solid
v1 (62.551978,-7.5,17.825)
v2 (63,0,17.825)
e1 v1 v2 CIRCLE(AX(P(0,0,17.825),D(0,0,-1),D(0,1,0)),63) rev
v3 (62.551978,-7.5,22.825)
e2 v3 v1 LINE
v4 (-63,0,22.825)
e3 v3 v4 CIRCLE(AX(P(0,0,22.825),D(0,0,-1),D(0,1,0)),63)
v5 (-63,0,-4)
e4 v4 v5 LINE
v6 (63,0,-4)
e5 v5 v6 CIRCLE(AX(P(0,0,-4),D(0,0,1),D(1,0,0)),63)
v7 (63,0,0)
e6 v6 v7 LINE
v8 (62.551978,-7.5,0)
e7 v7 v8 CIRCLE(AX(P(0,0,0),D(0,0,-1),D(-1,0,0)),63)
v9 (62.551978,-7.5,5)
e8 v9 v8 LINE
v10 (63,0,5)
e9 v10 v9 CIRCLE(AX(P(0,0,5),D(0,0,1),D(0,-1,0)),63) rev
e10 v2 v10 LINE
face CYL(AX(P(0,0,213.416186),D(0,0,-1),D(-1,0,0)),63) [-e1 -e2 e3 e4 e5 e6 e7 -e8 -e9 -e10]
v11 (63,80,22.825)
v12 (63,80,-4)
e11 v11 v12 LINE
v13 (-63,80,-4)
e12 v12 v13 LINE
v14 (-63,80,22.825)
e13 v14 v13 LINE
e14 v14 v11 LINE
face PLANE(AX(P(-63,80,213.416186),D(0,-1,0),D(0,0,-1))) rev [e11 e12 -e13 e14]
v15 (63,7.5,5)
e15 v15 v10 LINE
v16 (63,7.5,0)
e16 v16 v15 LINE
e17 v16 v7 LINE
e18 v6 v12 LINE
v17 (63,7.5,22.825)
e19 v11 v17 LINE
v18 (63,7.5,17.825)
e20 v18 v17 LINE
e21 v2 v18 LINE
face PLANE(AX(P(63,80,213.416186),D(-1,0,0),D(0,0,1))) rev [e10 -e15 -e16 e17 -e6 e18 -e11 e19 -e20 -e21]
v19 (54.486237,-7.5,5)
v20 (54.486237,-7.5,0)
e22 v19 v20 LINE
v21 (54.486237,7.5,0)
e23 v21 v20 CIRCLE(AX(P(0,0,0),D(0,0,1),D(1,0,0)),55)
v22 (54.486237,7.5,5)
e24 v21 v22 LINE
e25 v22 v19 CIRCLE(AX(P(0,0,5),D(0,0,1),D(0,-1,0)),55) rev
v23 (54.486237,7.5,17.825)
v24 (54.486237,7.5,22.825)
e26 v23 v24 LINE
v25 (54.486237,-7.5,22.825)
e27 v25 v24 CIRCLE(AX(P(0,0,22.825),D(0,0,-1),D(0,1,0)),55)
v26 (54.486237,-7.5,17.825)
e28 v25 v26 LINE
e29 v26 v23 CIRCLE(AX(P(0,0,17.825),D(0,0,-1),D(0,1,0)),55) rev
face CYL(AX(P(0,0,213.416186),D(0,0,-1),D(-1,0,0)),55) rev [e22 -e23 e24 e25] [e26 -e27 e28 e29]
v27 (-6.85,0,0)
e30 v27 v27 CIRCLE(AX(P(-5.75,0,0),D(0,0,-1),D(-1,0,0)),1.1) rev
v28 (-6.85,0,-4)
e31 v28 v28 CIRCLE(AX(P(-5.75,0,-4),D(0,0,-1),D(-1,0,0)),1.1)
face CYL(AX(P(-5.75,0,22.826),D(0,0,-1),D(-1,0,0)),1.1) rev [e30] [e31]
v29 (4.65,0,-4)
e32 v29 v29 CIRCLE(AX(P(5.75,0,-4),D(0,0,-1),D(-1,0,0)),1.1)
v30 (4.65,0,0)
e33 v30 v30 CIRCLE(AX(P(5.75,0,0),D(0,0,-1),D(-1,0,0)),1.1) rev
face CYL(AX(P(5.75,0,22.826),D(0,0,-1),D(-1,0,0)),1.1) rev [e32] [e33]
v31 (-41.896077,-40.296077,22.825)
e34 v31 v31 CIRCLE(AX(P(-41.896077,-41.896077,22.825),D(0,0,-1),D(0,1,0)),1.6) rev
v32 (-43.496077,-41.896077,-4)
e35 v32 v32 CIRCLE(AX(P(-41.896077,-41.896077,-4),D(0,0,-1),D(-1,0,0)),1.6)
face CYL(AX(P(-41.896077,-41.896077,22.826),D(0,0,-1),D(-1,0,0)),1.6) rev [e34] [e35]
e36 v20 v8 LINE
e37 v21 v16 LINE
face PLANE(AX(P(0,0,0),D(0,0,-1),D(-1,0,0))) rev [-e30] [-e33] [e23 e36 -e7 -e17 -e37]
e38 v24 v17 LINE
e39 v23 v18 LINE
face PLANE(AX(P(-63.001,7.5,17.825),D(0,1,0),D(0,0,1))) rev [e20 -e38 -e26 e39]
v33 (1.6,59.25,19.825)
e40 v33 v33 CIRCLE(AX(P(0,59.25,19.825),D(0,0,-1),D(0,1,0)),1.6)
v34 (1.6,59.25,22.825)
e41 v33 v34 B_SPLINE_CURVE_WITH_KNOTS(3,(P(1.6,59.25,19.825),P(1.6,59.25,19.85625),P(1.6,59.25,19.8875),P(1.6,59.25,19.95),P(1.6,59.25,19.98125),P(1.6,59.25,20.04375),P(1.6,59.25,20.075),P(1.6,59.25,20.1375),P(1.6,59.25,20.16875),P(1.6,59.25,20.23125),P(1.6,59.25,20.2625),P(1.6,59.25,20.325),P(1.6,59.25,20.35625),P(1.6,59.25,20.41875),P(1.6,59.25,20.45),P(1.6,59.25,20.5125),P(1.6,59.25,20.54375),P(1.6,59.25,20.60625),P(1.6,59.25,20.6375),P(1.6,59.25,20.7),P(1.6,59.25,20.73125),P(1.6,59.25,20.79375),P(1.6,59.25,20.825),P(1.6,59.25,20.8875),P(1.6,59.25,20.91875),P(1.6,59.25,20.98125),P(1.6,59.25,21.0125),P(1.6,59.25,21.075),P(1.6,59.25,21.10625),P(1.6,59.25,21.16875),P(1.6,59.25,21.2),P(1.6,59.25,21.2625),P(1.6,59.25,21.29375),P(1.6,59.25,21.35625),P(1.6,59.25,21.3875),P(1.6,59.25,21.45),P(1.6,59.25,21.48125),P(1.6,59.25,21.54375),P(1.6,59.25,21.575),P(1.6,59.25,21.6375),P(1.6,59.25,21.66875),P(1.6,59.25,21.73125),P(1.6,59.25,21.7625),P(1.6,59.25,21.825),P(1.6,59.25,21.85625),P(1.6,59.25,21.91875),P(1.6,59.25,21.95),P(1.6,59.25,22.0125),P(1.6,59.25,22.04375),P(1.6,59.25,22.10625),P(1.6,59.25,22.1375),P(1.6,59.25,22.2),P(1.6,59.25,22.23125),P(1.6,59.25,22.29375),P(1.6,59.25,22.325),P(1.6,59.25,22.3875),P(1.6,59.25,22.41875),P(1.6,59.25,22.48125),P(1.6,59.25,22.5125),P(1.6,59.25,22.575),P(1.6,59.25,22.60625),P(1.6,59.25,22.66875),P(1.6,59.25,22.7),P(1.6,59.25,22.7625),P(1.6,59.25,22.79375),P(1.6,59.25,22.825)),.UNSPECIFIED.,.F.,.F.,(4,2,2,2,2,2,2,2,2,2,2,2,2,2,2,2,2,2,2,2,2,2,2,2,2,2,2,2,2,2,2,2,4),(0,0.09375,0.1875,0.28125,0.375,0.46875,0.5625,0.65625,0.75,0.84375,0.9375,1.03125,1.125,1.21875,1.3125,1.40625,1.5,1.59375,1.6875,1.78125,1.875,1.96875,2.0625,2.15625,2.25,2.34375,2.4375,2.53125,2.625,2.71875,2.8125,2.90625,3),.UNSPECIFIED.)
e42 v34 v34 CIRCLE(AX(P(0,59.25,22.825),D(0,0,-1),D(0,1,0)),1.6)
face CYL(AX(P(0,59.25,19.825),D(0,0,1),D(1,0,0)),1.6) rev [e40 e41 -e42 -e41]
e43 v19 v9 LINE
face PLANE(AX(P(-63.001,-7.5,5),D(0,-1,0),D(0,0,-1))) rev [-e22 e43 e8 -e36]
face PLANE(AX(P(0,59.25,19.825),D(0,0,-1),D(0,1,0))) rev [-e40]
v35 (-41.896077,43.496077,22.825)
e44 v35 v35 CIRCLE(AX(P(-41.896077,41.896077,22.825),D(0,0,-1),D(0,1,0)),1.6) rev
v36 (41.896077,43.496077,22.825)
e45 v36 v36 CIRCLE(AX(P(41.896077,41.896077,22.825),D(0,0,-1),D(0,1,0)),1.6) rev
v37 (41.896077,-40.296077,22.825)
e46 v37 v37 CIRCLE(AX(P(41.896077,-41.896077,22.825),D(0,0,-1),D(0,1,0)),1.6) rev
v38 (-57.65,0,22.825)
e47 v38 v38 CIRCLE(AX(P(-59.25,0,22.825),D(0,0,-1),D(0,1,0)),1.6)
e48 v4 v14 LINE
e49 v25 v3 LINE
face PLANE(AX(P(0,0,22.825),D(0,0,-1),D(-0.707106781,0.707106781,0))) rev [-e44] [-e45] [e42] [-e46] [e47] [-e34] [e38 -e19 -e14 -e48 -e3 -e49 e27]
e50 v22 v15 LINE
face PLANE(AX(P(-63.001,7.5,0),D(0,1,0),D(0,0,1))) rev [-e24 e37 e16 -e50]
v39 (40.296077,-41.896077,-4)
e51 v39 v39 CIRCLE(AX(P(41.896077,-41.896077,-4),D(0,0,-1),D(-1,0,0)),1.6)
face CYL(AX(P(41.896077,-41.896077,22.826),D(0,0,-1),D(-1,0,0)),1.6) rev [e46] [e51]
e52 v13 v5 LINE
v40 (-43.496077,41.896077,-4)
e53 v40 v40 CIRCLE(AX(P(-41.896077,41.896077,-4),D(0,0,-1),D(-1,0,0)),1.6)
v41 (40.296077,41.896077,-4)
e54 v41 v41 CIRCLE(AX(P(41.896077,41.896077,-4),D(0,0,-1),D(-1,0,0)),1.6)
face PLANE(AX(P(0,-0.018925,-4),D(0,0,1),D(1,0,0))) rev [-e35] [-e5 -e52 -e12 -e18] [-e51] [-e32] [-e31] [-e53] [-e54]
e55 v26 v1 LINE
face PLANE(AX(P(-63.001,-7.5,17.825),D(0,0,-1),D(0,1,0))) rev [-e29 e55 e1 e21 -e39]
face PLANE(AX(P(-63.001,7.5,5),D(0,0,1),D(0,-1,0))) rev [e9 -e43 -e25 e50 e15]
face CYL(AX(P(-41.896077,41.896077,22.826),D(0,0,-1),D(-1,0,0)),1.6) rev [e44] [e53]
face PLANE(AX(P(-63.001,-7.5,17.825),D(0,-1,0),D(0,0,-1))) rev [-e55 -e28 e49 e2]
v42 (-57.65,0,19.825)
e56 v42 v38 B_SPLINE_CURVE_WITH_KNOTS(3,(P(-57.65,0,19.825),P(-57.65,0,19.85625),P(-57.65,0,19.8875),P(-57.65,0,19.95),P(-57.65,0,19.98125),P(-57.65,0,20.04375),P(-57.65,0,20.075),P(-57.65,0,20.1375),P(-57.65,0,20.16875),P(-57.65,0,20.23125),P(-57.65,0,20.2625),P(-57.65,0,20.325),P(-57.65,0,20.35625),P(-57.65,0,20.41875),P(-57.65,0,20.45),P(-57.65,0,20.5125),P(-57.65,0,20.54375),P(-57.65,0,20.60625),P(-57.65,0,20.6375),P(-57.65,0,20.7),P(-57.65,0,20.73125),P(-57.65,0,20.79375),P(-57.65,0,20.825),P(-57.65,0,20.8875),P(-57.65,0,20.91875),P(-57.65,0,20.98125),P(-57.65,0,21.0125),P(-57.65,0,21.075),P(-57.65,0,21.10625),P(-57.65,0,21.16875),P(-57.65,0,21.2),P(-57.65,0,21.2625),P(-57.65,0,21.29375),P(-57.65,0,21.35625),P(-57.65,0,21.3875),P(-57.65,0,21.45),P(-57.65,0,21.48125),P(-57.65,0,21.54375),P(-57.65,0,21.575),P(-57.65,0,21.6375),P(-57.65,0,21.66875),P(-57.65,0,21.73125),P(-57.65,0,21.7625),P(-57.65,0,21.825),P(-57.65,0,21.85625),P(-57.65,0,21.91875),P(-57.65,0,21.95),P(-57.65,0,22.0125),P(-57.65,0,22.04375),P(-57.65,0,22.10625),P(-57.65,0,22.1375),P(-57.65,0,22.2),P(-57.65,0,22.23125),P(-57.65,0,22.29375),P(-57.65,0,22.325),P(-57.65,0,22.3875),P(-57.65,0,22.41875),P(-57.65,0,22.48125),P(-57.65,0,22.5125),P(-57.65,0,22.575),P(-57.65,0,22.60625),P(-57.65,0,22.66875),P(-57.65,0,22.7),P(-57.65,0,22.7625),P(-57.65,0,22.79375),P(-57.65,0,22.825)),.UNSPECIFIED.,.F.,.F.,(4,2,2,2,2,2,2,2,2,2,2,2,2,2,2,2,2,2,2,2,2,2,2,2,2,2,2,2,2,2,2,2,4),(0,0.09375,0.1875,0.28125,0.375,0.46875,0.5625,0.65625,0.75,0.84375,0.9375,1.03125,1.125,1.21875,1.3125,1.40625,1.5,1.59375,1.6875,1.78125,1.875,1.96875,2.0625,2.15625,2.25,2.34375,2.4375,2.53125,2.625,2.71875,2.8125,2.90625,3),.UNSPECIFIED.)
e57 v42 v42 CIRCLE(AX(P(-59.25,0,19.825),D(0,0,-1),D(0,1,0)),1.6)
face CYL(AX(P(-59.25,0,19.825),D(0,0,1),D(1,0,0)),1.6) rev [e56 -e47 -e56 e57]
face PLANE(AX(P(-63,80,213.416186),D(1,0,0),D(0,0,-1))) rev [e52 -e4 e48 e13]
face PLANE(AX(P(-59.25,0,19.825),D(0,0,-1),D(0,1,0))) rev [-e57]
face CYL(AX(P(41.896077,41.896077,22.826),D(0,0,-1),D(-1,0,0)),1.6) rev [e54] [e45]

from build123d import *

# Parameters (mm, degrees)
SKETCH1_R               = 55
BOSS_EXTRUDE1_DEPTH     = 22.825
CUT_EXTRUDE1_REACH      = 152.987
CUT_EXTRUDE1_END_RADIUS = 55
SKETCH3_W               = 5
SKETCH3_H               = 15
BOSS_EXTRUDE2_START     = 4
BOSS_EXTRUDE2_DEPTH     = 4
CUT_EXTRUDE2_REACH      = 107.302
SKETCH6_R               = 1.1
CUT_EXTRUDE3_REACH      = 107.302
SKETCH7_R               = 1.6
CUT_EXTRUDE4_START      = -26.825
SKETCH7_3_R             = 1.6
CUT_EXTRUDE4_DEPTH      = 3


with BuildPart() as part:
    # Sketch1 → Boss-Extrude1 (new body)
    with BuildSketch(Plane.XY):
        with BuildLine():
            Line((-63, 80), (63, 80))
            Line((63, 80), (63, 0))
            ThreePointArc((63, 0), (0, -63), (-63, 0))
            Line((-63, 0), (-63, 80))
        make_face()
        with Locations(Location((0, 0, 0), (0, 0, 90))):
            Circle(SKETCH1_R, mode=Mode.SUBTRACT)
    extrude(amount=BOSS_EXTRUDE1_DEPTH)

    # Cut-Extrude1: up to this cylinder (the profile starts outside it)
    cut_extrude1_end = Plane(origin=(0, 0, 11.4125), z_dir=(0, 0, -1)) * Cylinder(CUT_EXTRUDE1_END_RADIUS, 434.799, mode=Mode.PRIVATE)
    # Sketch3 → Cut-Extrude1 (cut, up to the surface)
    with BuildSketch(Plane(origin=(63, 0, 0), x_dir=(0, 0, -1), z_dir=(1, 0, 0)), mode=Mode.PRIVATE) as cut_extrude1_sk1:
        with Locations((-2.5, 0)):
            Rectangle(SKETCH3_W, SKETCH3_H)
    cut_extrude1_tool1 = extrude(cut_extrude1_sk1.sketch, amount=-CUT_EXTRUDE1_REACH, mode=Mode.PRIVATE) - cut_extrude1_end
    add(cut_extrude1_tool1.solids().sort_by_distance((63, 0, 2.5))[0], mode=Mode.SUBTRACT)
    # Sketch3 → Cut-Extrude1 (cut, up to the surface)
    with BuildSketch(Plane(origin=(63, 0, 0), x_dir=(0, 0, -1), z_dir=(1, 0, 0)), mode=Mode.PRIVATE) as cut_extrude1_sk2:
        with Locations((-20.325, 0)):
            Rectangle(SKETCH3_W, SKETCH3_H)
    cut_extrude1_tool2 = extrude(cut_extrude1_sk2.sketch, amount=-CUT_EXTRUDE1_REACH, mode=Mode.PRIVATE) - cut_extrude1_end
    add(cut_extrude1_tool2.solids().sort_by_distance((63, 0, 20.325))[0], mode=Mode.SUBTRACT)

    # Sketch4 → Boss-Extrude2 (add)
    with BuildSketch(Plane(origin=(0, 0, 0), x_dir=(-1, 0, 0), z_dir=(0, 0, -1)).offset(BOSS_EXTRUDE2_START)):
        with BuildLine():
            Line((63, 0), (63, 80))
            Line((63, 80), (-63, 80))
            Line((-63, 80), (-63, 0))
            ThreePointArc((-63, 0), (0, -63), (63, 0))
        make_face()
    extrude(amount=-BOSS_EXTRUDE2_DEPTH)

    # Sketch6 → Cut-Extrude2 (cut, up to next)
    with BuildSketch(Plane(origin=(0, 0, -4), x_dir=(-1, 0, 0), z_dir=(0, 0, -1)), mode=Mode.PRIVATE) as cut_extrude2_sk1:
        with Locations((5.75, 0)):
            Circle(SKETCH6_R)
    cut_extrude2_tool1 = extrude(cut_extrude2_sk1.sketch, amount=-CUT_EXTRUDE2_REACH, mode=Mode.PRIVATE) & part.part
    # Sketch6 → Cut-Extrude2 (cut, up to next)
    with BuildSketch(Plane(origin=(0, 0, -4), x_dir=(-1, 0, 0), z_dir=(0, 0, -1)), mode=Mode.PRIVATE) as cut_extrude2_sk2:
        with Locations((-5.75, 0)):
            Circle(SKETCH6_R)
    cut_extrude2_tool2 = extrude(cut_extrude2_sk2.sketch, amount=-CUT_EXTRUDE2_REACH, mode=Mode.PRIVATE) & part.part
    add(cut_extrude2_tool1.solids().sort_by_distance((-5.75, 0, -4))[0], mode=Mode.SUBTRACT)
    add(cut_extrude2_tool2.solids().sort_by_distance((5.75, 0, -4))[0], mode=Mode.SUBTRACT)

    # Sketch7 → Cut-Extrude3 (cut, up to next)
    with BuildSketch(Plane(origin=(0, 0, -4), x_dir=(-1, 0, 0), z_dir=(0, 0, -1)), mode=Mode.PRIVATE) as cut_extrude3_sk1:
        with Locations((-41.896076785, 41.896076785)):
            Circle(SKETCH7_R)
    cut_extrude3_tool1 = extrude(cut_extrude3_sk1.sketch, amount=-CUT_EXTRUDE3_REACH, mode=Mode.PRIVATE) & part.part
    # Sketch7 → Cut-Extrude3 (cut, up to next)
    with BuildSketch(Plane(origin=(0, 0, -4), x_dir=(-1, 0, 0), z_dir=(0, 0, -1)), mode=Mode.PRIVATE) as cut_extrude3_sk2:
        with Locations((-41.896076785, -41.896076785)):
            Circle(SKETCH7_R)
    cut_extrude3_tool2 = extrude(cut_extrude3_sk2.sketch, amount=-CUT_EXTRUDE3_REACH, mode=Mode.PRIVATE) & part.part
    # Sketch7 → Cut-Extrude3 (cut, up to next)
    with BuildSketch(Plane(origin=(0, 0, -4), x_dir=(-1, 0, 0), z_dir=(0, 0, -1)), mode=Mode.PRIVATE) as cut_extrude3_sk3:
        with Locations((41.896076785, -41.896076785)):
            Circle(SKETCH7_R)
    cut_extrude3_tool3 = extrude(cut_extrude3_sk3.sketch, amount=-CUT_EXTRUDE3_REACH, mode=Mode.PRIVATE) & part.part
    # Sketch7 → Cut-Extrude3 (cut, up to next)
    with BuildSketch(Plane(origin=(0, 0, -4), x_dir=(-1, 0, 0), z_dir=(0, 0, -1)), mode=Mode.PRIVATE) as cut_extrude3_sk4:
        with Locations((41.896076785, 41.896076785)):
            Circle(SKETCH7_R)
    cut_extrude3_tool4 = extrude(cut_extrude3_sk4.sketch, amount=-CUT_EXTRUDE3_REACH, mode=Mode.PRIVATE) & part.part
    add(cut_extrude3_tool1.solids().sort_by_distance((41.896077, 41.896077, -4))[0], mode=Mode.SUBTRACT)
    add(cut_extrude3_tool2.solids().sort_by_distance((41.896077, -41.896077, -4))[0], mode=Mode.SUBTRACT)
    add(cut_extrude3_tool3.solids().sort_by_distance((-41.896077, -41.896077, -4))[0], mode=Mode.SUBTRACT)
    add(cut_extrude3_tool4.solids().sort_by_distance((-41.896077, 41.896077, -4))[0], mode=Mode.SUBTRACT)

    # Sketch7<3> → Cut-Extrude4 (cut)
    with BuildSketch(Plane(origin=(0, 0, -4), x_dir=(-1, 0, 0), z_dir=(0, 0, -1)).offset(CUT_EXTRUDE4_START)):
        with Locations(Location((59.25, 0, 0), (0, 0, 180))):
            Circle(SKETCH7_3_R)
        with Locations(Location((0, 59.25, 0), (0, 0, 180))):
            Circle(SKETCH7_3_R)
    extrude(amount=CUT_EXTRUDE4_DEPTH, mode=Mode.SUBTRACT)


solid = part.part
